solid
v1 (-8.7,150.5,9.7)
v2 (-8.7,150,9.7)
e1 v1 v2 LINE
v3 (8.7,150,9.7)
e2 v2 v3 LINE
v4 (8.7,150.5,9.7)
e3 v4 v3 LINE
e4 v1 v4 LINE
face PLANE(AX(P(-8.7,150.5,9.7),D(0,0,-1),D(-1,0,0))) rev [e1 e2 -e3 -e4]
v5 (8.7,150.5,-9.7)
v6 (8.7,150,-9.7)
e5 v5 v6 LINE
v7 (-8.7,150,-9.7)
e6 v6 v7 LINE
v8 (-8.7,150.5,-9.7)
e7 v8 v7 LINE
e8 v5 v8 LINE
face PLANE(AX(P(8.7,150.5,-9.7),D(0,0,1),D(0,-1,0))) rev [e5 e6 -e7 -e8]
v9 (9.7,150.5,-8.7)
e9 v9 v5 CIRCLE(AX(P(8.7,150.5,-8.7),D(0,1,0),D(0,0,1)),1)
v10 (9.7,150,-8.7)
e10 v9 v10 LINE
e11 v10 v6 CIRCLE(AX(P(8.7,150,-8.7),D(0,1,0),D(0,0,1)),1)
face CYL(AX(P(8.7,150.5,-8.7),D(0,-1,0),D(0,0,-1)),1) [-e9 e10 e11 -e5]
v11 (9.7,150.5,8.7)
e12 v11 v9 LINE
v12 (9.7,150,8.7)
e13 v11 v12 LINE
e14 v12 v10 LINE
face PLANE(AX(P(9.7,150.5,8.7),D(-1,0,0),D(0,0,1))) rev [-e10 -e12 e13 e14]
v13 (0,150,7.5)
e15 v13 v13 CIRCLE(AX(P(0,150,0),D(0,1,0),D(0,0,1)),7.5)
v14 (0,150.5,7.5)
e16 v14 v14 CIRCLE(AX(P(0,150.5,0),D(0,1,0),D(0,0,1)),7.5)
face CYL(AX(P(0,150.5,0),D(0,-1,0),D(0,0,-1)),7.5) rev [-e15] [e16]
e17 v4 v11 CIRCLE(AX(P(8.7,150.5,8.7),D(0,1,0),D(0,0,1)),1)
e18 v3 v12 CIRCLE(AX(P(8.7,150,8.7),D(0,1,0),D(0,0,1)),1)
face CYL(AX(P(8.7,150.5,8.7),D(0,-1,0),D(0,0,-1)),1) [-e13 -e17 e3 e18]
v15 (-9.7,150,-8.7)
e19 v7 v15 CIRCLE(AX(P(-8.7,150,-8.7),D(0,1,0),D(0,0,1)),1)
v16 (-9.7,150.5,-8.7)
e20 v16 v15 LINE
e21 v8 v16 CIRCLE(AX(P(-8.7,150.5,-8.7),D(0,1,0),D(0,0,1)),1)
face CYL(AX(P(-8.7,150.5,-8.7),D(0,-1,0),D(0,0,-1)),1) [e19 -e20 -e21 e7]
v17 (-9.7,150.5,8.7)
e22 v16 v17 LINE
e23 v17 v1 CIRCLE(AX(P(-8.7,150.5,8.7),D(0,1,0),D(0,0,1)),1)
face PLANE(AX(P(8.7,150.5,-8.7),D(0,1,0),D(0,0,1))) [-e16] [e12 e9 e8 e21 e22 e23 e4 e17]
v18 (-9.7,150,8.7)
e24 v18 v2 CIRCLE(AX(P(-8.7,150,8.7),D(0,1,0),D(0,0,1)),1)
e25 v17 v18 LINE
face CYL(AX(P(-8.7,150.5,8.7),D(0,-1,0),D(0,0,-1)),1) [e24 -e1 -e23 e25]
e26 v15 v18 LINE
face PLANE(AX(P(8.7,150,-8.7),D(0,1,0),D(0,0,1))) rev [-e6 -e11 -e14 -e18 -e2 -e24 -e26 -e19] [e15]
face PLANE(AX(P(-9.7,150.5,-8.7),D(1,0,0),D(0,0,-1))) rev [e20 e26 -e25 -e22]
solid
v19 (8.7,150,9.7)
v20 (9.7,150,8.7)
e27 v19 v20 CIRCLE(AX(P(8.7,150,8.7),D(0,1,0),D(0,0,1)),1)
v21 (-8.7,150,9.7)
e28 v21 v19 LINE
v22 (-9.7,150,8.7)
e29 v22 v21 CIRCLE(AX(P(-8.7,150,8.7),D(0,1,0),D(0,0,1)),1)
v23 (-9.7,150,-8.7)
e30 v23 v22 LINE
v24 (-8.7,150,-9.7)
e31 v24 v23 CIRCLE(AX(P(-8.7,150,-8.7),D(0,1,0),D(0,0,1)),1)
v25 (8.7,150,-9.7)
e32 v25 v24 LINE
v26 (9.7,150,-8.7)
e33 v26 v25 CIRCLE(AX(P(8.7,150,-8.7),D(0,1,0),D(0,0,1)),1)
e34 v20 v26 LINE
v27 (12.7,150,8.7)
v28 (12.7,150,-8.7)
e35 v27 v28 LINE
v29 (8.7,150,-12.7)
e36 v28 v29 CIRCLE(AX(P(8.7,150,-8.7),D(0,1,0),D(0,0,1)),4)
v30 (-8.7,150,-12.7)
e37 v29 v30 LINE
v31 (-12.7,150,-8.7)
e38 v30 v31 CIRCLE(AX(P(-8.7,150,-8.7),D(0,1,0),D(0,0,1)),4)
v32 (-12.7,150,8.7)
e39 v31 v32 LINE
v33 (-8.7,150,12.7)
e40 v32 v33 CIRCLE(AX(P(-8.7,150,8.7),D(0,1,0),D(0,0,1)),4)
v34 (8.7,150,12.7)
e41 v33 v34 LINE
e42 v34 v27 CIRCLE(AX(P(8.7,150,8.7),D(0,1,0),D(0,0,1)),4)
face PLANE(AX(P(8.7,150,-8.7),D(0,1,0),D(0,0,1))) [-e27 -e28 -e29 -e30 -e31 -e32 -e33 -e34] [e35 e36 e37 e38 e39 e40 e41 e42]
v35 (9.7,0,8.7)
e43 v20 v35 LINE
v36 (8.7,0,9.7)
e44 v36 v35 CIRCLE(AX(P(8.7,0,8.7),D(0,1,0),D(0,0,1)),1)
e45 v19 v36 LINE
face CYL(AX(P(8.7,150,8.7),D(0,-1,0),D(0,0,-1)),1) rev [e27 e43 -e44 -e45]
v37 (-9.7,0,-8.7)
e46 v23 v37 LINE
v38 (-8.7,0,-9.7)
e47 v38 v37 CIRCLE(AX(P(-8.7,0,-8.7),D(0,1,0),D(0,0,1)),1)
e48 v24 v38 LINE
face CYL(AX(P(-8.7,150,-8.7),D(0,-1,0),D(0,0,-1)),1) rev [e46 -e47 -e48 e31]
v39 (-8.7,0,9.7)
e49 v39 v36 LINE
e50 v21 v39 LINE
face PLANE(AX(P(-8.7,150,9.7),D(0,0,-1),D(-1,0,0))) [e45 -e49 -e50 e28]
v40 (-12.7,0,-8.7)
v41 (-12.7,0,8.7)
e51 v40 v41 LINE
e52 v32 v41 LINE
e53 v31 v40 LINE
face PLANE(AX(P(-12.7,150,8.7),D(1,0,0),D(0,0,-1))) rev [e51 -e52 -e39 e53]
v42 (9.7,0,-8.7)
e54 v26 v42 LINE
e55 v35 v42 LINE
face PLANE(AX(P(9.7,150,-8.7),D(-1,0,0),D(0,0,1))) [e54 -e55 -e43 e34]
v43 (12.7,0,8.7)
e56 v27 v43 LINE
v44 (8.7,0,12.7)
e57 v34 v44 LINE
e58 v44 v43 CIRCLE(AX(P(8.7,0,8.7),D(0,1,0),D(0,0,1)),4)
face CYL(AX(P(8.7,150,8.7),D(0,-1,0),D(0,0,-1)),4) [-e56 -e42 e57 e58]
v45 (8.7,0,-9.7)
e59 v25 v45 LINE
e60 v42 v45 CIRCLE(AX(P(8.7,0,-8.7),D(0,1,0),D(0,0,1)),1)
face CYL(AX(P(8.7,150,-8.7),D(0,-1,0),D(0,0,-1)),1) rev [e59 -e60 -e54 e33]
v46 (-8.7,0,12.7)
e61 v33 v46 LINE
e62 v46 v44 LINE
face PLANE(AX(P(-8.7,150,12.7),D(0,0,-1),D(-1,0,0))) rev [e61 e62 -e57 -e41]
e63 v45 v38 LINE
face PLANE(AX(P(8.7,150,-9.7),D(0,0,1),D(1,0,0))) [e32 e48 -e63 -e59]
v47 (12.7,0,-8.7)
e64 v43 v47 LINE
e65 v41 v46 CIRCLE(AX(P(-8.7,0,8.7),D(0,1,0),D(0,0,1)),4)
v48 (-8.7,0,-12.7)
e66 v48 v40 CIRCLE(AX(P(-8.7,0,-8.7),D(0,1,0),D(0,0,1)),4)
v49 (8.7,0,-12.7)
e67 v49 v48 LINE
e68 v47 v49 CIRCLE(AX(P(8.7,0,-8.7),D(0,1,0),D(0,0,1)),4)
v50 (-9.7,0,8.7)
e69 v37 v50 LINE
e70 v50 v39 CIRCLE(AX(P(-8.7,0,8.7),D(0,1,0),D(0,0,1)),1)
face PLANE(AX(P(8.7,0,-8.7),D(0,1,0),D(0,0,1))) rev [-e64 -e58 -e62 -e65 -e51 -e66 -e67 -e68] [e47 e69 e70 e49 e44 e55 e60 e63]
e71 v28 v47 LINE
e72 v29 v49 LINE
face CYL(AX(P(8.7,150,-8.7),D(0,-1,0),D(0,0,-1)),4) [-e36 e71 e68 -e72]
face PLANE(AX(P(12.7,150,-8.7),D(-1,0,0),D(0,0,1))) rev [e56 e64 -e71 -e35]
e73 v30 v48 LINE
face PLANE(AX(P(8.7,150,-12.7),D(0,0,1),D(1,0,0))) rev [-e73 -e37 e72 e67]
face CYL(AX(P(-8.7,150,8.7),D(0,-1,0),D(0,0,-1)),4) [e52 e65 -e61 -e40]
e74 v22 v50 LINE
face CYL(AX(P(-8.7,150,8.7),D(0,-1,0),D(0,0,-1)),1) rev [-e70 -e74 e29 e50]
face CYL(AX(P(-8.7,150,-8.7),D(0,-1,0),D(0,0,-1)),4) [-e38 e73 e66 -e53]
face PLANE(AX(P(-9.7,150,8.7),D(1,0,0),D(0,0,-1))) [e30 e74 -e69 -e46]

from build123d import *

# Parameters (mm, degrees)
SQUARE_TUBE_20_X_20_X_2_1_DEPTH = 150
SKETCH13_R                      = 7.5
BOSS_EXTRUDE1_DEPTH             = 0.5


with BuildPart() as part:
    # Sketch12 → Square tube 20 X 20 X 2(1) (new body)
    with BuildSketch(Plane(origin=(0, 0, 0), x_dir=(1, 0, 0), z_dir=(0, 1, 0))):
        with BuildLine():
            Line((-8.7, -12.7), (8.7, -12.7))
            ThreePointArc((8.7, -12.7), (11.528427125, -11.528427125), (12.7, -8.7))
            Line((12.7, -8.7), (12.7, 8.7))
            ThreePointArc((12.7, 8.7), (11.528427125, 11.528427125), (8.7, 12.7))
            Line((8.7, 12.7), (-8.7, 12.7))
            ThreePointArc((-8.7, 12.7), (-11.528427125, 11.528427125), (-12.7, 8.7))
            Line((-12.7, 8.7), (-12.7, -8.7))
            ThreePointArc((-12.7, -8.7), (-11.528427125, -11.528427125), (-8.7, -12.7))
        make_face()
        with BuildLine():
            Line((-8.7, -9.7), (8.7, -9.7))
            ThreePointArc((8.7, -9.7), (9.407106781, -9.407106781), (9.7, -8.7))
            Line((9.7, -8.7), (9.7, 8.7))
            ThreePointArc((9.7, 8.7), (9.407106781, 9.407106781), (8.7, 9.7))
            Line((8.7, 9.7), (-8.7, 9.7))
            ThreePointArc((-8.7, 9.7), (-9.407106781, 9.407106781), (-9.7, 8.7))
            Line((-9.7, 8.7), (-9.7, -8.7))
            ThreePointArc((-9.7, -8.7), (-9.407106781, -9.407106781), (-8.7, -9.7))
        make_face(mode=Mode.SUBTRACT)
    extrude(amount=SQUARE_TUBE_20_X_20_X_2_1_DEPTH)


with BuildPart() as body_2:
    # Sketch13 → Boss-Extrude1 (new body)
    with BuildSketch(Plane(origin=(0, 150, 0), x_dir=(1, 0, 0), z_dir=(0, 1, 0))):
        with BuildLine():
            Line((9.7, -8.7), (9.7, 8.7))
            ThreePointArc((9.7, 8.7), (9.407106781, 9.407106781), (8.7, 9.7))
            Line((8.7, 9.7), (-8.7, 9.7))
            ThreePointArc((-8.7, 9.7), (-9.407106781, 9.407106781), (-9.7, 8.7))
            Line((-9.7, 8.7), (-9.7, -8.7))
            ThreePointArc((-9.7, -8.7), (-9.407106781, -9.407106781), (-8.7, -9.7))
            Line((-8.7, -9.7), (8.7, -9.7))
            ThreePointArc((8.7, -9.7), (9.407106781, -9.407106781), (9.7, -8.7))
        make_face()
        with Locations(Location((0, 0, 0), (0, 0, 270))):
            Circle(SKETCH13_R, mode=Mode.SUBTRACT)
    extrude(amount=BOSS_EXTRUDE1_DEPTH)


solid = Compound([part.part, body_2.part])
